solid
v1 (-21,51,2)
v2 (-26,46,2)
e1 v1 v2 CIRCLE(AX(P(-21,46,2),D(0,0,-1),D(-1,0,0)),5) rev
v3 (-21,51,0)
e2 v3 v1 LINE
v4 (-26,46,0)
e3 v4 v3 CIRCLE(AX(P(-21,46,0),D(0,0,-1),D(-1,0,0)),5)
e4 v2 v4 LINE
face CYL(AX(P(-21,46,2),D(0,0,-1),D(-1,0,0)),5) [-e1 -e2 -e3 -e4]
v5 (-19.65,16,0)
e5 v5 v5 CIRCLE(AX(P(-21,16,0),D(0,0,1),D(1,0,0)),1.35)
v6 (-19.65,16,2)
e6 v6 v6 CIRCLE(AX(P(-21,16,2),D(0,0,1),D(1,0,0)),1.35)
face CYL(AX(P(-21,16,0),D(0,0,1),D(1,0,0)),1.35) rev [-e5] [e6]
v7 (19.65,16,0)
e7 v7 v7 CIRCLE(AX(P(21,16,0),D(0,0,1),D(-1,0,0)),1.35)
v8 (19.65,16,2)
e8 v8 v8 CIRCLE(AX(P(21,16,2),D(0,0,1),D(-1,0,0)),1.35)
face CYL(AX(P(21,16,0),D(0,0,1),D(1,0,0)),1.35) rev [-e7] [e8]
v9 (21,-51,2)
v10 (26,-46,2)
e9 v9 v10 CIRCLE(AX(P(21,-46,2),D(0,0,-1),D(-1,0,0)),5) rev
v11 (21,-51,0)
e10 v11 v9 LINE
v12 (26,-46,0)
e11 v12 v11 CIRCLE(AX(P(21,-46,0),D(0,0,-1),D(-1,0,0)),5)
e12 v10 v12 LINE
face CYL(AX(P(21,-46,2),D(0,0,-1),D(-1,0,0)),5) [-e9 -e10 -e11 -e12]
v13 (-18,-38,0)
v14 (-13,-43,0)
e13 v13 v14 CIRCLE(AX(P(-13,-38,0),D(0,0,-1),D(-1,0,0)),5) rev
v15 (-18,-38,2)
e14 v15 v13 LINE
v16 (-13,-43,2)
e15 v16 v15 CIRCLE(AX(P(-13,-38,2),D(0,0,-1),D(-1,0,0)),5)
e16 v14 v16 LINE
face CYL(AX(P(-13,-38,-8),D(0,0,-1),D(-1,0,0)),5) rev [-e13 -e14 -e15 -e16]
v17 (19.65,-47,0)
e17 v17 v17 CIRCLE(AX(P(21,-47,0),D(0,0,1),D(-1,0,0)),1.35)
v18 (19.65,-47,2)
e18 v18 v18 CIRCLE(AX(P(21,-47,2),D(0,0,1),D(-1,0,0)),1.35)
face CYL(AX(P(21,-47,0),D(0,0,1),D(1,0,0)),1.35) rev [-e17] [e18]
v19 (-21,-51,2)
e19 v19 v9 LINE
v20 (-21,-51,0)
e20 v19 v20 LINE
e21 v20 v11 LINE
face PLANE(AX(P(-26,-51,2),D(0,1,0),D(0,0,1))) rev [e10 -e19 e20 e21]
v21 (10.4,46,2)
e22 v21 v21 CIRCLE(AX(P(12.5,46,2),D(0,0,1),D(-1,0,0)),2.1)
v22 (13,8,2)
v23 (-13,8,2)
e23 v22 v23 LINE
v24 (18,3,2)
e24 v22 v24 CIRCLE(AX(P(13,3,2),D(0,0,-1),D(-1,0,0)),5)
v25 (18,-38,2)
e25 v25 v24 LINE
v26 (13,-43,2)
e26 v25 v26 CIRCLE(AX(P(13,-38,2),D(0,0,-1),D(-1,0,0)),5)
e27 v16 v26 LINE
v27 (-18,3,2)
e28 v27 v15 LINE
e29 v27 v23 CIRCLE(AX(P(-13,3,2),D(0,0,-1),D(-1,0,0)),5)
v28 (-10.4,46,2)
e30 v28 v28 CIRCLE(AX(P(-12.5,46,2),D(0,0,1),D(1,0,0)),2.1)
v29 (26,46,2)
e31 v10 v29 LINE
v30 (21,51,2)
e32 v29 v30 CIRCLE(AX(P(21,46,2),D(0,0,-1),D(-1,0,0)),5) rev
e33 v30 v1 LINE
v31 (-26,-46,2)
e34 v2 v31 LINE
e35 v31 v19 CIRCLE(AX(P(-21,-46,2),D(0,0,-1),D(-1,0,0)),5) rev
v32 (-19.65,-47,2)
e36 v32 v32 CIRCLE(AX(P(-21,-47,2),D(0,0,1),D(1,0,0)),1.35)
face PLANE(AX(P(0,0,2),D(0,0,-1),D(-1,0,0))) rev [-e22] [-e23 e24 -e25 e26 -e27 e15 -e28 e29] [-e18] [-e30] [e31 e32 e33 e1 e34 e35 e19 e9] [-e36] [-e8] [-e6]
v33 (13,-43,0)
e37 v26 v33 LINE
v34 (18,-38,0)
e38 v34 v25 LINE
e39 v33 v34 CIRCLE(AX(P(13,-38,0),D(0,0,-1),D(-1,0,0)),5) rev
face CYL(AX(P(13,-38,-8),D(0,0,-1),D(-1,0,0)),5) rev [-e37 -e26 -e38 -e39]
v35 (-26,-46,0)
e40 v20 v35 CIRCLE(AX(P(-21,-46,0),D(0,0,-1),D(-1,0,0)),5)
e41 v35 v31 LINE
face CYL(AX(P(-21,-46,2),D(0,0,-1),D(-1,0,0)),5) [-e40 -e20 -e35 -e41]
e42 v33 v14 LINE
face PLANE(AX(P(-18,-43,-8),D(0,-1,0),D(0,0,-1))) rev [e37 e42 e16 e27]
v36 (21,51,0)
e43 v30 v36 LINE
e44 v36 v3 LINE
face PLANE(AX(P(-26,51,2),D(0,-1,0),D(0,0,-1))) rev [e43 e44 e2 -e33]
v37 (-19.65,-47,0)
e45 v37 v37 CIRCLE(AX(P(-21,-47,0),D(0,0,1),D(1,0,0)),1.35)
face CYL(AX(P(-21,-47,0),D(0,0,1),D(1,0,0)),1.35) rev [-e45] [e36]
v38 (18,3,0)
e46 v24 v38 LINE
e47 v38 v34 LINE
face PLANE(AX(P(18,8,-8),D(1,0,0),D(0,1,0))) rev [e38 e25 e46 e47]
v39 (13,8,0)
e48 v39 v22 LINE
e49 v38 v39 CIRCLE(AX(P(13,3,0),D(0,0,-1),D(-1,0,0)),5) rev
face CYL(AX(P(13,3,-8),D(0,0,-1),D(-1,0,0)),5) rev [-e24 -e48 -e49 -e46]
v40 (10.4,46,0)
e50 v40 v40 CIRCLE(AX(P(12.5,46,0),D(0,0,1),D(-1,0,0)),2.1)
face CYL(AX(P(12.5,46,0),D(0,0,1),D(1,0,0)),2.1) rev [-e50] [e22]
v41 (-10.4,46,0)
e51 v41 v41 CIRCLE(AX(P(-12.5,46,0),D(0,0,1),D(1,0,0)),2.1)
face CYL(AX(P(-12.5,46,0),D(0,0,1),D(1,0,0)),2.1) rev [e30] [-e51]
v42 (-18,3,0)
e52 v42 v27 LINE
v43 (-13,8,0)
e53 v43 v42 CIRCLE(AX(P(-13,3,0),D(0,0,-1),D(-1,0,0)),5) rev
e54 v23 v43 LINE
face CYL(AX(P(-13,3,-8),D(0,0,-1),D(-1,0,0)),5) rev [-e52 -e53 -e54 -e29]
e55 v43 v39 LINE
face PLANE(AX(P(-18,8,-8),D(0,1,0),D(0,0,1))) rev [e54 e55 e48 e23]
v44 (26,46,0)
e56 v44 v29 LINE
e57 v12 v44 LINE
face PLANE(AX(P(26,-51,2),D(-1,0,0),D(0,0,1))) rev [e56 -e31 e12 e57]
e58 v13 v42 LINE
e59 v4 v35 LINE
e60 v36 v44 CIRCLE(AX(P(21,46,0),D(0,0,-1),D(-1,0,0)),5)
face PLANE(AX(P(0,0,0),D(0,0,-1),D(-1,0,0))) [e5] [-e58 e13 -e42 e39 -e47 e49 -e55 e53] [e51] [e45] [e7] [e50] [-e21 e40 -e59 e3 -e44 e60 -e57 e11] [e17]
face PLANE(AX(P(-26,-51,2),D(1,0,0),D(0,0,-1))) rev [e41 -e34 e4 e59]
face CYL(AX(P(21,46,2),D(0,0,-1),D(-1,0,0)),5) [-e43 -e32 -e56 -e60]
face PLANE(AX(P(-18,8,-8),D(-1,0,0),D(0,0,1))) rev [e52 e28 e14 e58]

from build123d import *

# Parameters (mm, degrees)
SKETCH_1_W          = 52
SKETCH_1_H          = 102
EXTRUDE_1_DEPTH     = 2
FILLET_1_R          = 5
SKETCH_2_R          = 2.1
SKETCH_2_R_2        = 1.35
CUT_EXTRUDE_1_DEPTH = 3
SKETCH_3_W          = 36
SKETCH_3_H          = 51
CUT_EXTRUDE_2_DEPTH = 10
FILLET_2_R          = 5


with BuildPart() as part:
    # 草图1 → 凸台-拉伸1 (new body)
    with BuildSketch(Plane.XY):
        Rectangle(SKETCH_1_W, SKETCH_1_H)
    extrude(amount=EXTRUDE_1_DEPTH)

    # 圆角1
    fillet_1_edges = [part.edges().sort_by_distance(p)[0] for p in [
        (26, -51, 1),
        (-26, -51, 1),
        (-26, 51, 1),
        (26, 51, 1),
    ]]
    fillet(fillet_1_edges, radius=FILLET_1_R)

    # 草图2 → 切除-拉伸1 (cut, through all)
    with BuildSketch(Plane.XY.offset(2)):
        with Locations((-12.5, 46)):
            Circle(SKETCH_2_R)
        with Locations((12.5, 46)):
            Circle(SKETCH_2_R)
        with Locations((-21, 16)):
            Circle(SKETCH_2_R_2)
        with Locations((21, 16)):
            Circle(SKETCH_2_R_2)
        with Locations((-21, -47)):
            Circle(SKETCH_2_R_2)
        with Locations((21, -47)):
            Circle(SKETCH_2_R_2)
    extrude(amount=-CUT_EXTRUDE_1_DEPTH, mode=Mode.SUBTRACT)

    # 草图3 → 切除-拉伸2 (cut)
    with BuildSketch(Plane.XY.offset(2)):
        with Locations((0, -17.5)):
            Rectangle(SKETCH_3_W, SKETCH_3_H)
    extrude(amount=-CUT_EXTRUDE_2_DEPTH, mode=Mode.SUBTRACT)

    # 圆角2
    fillet_2_edges = [part.edges().sort_by_distance(p)[0] for p in [
        (18, 8, 1),
        (18, -43, 1),
        (-18, -43, 1),
        (-18, 8, 1),
    ]]
    fillet(fillet_2_edges, radius=FILLET_2_R)


solid = part.part
